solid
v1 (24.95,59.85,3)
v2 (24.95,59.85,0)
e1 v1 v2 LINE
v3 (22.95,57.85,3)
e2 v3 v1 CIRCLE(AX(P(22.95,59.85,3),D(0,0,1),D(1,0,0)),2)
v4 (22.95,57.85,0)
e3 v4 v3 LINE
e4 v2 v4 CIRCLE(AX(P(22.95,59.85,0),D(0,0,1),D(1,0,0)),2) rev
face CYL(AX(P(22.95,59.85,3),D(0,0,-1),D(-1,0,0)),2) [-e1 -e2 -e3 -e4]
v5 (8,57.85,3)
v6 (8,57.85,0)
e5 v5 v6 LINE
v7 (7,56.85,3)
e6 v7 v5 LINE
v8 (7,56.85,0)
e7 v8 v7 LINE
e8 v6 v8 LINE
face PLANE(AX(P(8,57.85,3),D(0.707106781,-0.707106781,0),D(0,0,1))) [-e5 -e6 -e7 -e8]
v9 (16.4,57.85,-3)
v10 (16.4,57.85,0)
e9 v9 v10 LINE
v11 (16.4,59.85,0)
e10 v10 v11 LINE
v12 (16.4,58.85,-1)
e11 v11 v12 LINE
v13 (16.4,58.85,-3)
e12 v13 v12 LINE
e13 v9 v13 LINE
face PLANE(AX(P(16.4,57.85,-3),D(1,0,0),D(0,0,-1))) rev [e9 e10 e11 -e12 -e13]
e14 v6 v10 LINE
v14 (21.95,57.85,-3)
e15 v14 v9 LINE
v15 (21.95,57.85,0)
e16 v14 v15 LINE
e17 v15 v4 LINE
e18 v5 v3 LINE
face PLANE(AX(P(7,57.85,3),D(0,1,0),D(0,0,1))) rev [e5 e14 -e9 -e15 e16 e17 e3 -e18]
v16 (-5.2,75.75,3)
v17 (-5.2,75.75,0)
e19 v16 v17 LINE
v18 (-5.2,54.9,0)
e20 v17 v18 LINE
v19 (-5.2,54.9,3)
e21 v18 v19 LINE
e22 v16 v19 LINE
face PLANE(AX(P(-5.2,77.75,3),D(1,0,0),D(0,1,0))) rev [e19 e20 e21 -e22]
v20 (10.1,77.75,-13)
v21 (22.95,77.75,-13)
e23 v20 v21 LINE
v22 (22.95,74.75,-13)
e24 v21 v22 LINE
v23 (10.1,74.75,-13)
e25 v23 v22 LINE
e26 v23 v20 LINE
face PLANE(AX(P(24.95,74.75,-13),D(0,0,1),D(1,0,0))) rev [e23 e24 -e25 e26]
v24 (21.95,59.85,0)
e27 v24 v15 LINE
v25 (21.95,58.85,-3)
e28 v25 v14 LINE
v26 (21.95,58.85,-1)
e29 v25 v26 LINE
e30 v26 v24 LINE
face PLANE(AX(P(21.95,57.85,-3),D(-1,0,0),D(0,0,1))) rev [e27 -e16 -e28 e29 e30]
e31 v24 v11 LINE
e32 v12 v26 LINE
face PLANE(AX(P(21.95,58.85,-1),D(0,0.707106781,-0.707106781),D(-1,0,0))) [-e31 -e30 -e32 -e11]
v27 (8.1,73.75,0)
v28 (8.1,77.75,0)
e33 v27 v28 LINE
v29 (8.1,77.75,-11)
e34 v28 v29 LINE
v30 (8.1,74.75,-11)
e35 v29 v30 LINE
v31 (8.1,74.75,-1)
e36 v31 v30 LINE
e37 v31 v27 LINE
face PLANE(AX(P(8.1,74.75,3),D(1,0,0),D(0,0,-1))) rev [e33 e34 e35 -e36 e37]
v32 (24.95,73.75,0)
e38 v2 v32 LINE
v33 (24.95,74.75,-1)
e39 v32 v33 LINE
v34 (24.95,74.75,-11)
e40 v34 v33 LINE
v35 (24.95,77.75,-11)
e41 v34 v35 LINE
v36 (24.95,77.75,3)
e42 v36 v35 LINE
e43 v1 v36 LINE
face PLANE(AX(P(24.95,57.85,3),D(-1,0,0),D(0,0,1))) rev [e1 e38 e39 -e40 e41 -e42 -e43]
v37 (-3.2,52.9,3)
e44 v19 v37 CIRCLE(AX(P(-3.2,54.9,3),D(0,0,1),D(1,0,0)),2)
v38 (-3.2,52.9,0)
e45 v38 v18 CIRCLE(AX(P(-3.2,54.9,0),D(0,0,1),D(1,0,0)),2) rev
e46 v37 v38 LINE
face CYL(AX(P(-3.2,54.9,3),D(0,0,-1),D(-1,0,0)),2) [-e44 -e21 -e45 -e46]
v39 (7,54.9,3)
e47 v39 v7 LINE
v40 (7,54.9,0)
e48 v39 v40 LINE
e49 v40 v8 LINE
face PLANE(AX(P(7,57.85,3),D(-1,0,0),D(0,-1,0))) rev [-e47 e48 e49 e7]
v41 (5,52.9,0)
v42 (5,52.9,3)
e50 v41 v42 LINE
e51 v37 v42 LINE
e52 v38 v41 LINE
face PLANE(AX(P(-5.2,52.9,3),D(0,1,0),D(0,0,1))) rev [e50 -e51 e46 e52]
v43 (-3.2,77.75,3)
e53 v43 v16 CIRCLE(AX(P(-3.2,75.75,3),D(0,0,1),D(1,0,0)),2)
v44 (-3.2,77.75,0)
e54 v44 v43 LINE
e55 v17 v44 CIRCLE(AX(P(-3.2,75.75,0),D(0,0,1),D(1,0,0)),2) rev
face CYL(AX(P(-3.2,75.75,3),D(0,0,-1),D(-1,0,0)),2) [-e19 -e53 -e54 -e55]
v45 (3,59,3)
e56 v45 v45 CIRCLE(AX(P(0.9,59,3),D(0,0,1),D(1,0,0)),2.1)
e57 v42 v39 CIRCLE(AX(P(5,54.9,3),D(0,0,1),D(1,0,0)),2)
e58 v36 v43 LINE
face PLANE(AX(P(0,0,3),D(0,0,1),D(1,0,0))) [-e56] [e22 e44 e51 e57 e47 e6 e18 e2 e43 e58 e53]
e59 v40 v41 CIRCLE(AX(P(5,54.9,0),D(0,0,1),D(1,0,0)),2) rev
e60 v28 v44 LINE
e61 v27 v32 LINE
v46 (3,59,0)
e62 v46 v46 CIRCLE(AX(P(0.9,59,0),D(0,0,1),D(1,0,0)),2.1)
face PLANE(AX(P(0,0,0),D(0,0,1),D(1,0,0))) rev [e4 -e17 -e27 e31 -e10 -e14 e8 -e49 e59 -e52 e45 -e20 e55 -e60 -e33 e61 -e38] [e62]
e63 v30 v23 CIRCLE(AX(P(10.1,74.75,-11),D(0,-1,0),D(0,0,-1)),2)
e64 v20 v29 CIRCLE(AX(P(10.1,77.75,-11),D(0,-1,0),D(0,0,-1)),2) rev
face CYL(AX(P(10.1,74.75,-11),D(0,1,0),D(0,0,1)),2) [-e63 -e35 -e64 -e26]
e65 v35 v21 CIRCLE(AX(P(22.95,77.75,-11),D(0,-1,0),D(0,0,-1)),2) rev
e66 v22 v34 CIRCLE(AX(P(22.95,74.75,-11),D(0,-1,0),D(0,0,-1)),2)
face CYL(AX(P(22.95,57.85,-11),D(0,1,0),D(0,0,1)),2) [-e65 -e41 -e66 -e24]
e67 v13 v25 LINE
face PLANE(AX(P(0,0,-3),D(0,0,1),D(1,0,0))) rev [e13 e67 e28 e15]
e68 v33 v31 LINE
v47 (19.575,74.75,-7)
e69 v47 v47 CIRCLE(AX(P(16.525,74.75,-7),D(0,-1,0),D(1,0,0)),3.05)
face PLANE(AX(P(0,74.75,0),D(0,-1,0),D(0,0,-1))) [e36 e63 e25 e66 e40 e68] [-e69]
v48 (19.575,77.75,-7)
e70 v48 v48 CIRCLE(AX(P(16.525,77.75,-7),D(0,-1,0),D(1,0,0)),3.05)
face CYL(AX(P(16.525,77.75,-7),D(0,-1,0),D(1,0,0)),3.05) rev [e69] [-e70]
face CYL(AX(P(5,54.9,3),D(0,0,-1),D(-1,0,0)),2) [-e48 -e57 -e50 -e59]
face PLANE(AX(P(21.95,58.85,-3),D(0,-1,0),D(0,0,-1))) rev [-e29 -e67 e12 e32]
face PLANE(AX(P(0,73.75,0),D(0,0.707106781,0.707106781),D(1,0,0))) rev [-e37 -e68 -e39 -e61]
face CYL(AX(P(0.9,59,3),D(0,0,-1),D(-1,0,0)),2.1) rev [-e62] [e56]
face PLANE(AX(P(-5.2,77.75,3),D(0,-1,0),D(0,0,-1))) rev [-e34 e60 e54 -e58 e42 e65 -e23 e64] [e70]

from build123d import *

# Parameters (mm, degrees)
SKETCH1_R           = 2.1
BOSS_EXTRUDE1_DEPTH = 3
SKETCH2_W           = 16
SKETCH2_H           = 16.85
BOSS_EXTRUDE2_DEPTH = 3
SKETCH4_W           = 5.55
SKETCH4_H           = 1
BOSS_EXTRUDE3_DEPTH = 3
CHAMFER1_SIZE       = 1
SKETCH3_R           = 3.05
CUT_EXTRUDE1_DEPTH  = 4
FILLET1_R           = 2


with BuildPart() as part:
    # Sketch1 → Boss-Extrude1 (new body)
    with BuildSketch(Plane.XY):
        Polygon((-5.2, 77.75), (7, 77.75), (24.95, 77.75), (24.95, 57.85), (7, 57.85), (7, 52.9), (-5.2, 52.9), align=None)
        with Locations((0.9, 59)):
            Circle(SKETCH1_R, mode=Mode.SUBTRACT)
    extrude(amount=BOSS_EXTRUDE1_DEPTH)

    # Sketch2 → Boss-Extrude2 (add)
    with BuildSketch(Plane(origin=(-52.8, 77.75, 0), x_dir=(0, 0, -1), z_dir=(0, -1, 0))):
        with Locations((5, 69.325)):
            Rectangle(SKETCH2_W, SKETCH2_H)
    extrude(amount=BOSS_EXTRUDE2_DEPTH)

    # Sketch4 → Boss-Extrude3 (add)
    with BuildSketch(Plane(origin=(0, 0, 0), x_dir=(-1, 0, 0), z_dir=(0, 0, -1))):
        with Locations((-19.175, 58.35)):
            Rectangle(SKETCH4_W, SKETCH4_H)
    extrude(amount=BOSS_EXTRUDE3_DEPTH)

    # Chamfer1
    chamfer1_edges = [part.edges().sort_by_distance(p)[0] for p in [
        (7, 57.85, 1.5),
        (16.525, 74.75, 0),
        (19.175, 58.85, 0),
    ]]
    chamfer(chamfer1_edges, length=CHAMFER1_SIZE)

    # Sketch3 → Cut-Extrude1 (cut, through all)
    with BuildSketch(Plane(origin=(0, 74.75, 0), x_dir=(0, 0, -1), z_dir=(0, -1, 0))):
        with Locations((7, 16.525)):
            Circle(SKETCH3_R)
    extrude(amount=-CUT_EXTRUDE1_DEPTH, mode=Mode.SUBTRACT)

    # Fillet1
    fillet1_edges = [part.edges().sort_by_distance(p)[0] for p in [
        (-5.2, 77.75, 1.5),
        (24.95, 57.85, 1.5),
        (7, 52.9, 1.5),
        (-5.2, 52.9, 1.5),
        (24.95, 76.25, -13),
        (8.1, 76.25, -13),
    ]]
    fillet(fillet1_edges, radius=FILLET1_R)


solid = part.part
